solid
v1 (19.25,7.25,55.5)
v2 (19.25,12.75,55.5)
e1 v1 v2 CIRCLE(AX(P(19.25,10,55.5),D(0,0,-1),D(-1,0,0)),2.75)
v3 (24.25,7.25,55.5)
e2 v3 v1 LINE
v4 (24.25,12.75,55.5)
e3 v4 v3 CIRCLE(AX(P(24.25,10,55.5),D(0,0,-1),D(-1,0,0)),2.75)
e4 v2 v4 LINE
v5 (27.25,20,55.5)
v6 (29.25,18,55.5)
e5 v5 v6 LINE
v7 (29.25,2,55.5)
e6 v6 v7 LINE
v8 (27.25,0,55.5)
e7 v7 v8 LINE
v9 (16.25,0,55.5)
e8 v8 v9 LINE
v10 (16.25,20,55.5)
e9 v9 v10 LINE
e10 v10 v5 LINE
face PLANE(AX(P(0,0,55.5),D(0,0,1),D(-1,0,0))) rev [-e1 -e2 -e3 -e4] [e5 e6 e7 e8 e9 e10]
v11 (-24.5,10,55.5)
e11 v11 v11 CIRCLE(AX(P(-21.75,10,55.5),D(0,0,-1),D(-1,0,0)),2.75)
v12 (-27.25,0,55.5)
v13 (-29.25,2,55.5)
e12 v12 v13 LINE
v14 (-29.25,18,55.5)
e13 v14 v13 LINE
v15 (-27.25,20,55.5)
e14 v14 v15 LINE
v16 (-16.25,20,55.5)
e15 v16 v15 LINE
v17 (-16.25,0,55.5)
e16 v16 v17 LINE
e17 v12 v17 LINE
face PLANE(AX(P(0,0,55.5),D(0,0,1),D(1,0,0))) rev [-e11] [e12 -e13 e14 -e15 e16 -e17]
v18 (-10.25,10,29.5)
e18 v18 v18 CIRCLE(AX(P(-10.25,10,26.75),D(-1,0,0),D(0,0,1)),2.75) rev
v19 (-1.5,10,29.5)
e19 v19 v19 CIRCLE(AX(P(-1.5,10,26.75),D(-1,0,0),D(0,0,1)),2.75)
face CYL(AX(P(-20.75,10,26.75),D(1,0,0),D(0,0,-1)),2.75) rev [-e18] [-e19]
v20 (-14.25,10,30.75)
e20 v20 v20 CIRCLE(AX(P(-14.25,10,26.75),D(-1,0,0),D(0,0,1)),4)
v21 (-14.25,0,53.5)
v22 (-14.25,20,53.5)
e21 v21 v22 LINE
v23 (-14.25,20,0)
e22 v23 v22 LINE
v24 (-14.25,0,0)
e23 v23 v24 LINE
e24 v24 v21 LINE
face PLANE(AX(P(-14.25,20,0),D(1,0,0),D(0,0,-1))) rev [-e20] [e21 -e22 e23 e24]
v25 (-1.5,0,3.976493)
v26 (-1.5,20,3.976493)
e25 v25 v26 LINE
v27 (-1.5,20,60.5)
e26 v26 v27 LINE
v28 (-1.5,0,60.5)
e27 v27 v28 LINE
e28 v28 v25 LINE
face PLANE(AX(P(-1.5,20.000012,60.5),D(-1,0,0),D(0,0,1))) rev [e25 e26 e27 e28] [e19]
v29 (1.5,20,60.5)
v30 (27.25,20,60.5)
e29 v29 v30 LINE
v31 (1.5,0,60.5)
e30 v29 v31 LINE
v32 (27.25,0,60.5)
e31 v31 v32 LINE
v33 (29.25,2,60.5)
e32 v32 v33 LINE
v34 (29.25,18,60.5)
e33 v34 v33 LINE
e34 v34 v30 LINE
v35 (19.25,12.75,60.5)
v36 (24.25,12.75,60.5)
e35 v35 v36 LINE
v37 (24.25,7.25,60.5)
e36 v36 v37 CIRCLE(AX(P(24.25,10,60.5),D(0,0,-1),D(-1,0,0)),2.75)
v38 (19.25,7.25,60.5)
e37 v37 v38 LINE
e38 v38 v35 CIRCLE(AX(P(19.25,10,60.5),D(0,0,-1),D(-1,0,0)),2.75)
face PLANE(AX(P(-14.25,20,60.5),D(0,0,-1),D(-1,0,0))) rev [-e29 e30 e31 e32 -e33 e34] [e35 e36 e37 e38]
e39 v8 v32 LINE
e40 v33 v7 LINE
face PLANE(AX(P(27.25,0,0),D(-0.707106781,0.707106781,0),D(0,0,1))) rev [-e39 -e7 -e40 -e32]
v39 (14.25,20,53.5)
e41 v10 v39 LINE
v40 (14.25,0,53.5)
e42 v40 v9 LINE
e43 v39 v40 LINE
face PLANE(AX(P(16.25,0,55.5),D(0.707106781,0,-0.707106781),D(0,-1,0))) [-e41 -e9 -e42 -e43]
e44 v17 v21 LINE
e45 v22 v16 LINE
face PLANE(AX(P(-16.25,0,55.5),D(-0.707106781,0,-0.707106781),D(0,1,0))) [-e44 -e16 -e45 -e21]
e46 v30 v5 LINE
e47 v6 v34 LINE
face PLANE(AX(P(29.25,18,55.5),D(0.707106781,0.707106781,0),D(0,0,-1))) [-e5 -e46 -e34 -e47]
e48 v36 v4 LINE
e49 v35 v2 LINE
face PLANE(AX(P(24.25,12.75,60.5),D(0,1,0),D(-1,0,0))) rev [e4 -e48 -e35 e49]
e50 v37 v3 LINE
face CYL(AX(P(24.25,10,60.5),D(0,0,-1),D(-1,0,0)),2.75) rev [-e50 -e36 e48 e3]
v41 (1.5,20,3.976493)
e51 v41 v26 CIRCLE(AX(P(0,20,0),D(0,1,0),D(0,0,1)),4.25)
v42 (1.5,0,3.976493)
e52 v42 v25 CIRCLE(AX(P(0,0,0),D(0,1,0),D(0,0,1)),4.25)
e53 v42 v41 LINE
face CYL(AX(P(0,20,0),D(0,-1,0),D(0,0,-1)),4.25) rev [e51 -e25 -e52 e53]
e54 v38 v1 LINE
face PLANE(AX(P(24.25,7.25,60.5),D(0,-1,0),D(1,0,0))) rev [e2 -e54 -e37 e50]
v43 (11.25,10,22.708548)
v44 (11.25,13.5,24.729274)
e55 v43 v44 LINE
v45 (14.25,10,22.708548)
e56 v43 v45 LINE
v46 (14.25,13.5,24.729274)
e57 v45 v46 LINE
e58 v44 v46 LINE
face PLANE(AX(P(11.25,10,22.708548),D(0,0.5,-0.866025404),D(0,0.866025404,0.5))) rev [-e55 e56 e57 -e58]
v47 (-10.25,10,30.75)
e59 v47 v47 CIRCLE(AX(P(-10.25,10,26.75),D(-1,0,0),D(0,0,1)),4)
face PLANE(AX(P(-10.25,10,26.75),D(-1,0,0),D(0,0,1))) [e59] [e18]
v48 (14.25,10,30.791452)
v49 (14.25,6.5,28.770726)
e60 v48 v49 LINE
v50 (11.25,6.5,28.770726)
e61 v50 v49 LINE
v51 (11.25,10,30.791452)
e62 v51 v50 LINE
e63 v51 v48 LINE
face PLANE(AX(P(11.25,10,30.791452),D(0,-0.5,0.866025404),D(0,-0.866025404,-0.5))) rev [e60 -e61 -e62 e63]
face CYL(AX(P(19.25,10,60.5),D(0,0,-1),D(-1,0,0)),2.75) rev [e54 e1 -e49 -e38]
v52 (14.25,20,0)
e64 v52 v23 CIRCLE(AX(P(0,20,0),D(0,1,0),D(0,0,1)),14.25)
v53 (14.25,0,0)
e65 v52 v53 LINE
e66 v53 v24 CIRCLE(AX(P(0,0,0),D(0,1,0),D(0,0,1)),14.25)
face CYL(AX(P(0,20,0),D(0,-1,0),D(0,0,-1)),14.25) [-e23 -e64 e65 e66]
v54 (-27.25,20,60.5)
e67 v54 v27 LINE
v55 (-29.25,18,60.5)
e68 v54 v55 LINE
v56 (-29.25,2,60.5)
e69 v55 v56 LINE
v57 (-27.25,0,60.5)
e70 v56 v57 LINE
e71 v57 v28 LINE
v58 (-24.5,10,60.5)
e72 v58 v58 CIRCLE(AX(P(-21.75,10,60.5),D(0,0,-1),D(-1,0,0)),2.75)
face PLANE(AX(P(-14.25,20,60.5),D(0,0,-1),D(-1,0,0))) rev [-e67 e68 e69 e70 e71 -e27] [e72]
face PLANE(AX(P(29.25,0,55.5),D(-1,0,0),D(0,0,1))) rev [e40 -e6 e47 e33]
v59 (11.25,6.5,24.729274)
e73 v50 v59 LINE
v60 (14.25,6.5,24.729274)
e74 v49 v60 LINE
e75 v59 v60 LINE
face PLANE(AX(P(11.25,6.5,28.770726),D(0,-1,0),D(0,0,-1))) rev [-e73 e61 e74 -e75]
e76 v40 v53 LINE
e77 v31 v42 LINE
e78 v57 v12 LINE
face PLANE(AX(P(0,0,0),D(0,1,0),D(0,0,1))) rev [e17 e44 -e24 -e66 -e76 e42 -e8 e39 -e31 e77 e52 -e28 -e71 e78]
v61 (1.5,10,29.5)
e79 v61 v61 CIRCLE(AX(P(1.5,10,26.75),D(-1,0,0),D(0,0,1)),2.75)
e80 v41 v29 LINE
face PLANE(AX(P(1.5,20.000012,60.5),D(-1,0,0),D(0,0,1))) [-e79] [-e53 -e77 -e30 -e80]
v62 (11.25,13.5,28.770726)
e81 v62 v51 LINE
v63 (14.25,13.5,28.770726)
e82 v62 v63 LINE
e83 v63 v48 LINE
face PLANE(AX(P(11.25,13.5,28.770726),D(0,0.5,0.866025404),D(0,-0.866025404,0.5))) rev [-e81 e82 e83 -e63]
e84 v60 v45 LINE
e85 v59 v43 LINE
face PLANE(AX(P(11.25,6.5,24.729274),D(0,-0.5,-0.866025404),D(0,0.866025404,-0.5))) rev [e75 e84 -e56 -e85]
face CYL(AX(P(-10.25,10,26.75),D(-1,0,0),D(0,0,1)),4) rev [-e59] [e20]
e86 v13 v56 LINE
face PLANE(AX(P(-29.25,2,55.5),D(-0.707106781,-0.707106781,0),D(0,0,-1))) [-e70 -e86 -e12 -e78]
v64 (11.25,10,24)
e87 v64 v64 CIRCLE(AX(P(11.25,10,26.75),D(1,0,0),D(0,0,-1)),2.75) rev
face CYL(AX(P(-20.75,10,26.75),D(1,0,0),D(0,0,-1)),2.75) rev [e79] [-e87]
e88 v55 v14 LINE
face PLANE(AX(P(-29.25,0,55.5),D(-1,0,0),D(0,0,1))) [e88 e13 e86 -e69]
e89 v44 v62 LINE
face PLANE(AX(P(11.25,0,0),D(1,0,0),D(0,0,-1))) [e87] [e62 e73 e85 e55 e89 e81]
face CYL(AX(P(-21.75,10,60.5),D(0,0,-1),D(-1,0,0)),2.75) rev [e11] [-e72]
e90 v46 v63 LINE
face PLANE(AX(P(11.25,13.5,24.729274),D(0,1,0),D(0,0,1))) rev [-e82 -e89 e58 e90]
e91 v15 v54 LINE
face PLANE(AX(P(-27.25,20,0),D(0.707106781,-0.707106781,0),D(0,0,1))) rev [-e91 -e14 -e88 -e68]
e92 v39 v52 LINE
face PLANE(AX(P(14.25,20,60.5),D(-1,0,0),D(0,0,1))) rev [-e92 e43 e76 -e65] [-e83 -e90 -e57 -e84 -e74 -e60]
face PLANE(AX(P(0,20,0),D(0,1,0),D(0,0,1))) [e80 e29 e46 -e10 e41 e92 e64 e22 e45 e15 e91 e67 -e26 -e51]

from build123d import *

# Parameters (mm, degrees)
SKETCH1_R                    = 4.25
BOSS_EXTRUDE1_DEPTH          = 20
CUT_EXTRUDE_THIN1_DEPTH      = 66.294046436
CUT_EXTRUDE_THIN1_DEPTH_BACK = 20
SKETCH3_W                    = 3
SKETCH3_H                    = 60.5
SKETCH4_W                    = 27.75
SKETCH4_H                    = 20
BOSS_EXTRUDE2_DEPTH          = 5
SKETCH5_R                    = 2.75
CUT_EXTRUDE1_DEPTH           = 5
CHAMFER1_SIZE                = 2
CHAMFER2_SIZE                = 2
SKETCH6_R                    = 2.75
CUT_EXTRUDE2_DEPTH           = 35
CUT_EXTRUDE3_DEPTH           = 3
SKETCH8_R                    = 4
CUT_EXTRUDE4_DEPTH           = 4


with BuildPart() as part:
    # Sketch1 → Boss-Extrude1 (new body)
    with BuildSketch(Plane(origin=(0, 0, 0), x_dir=(1, 0, 0), z_dir=(0, 1, 0))):
        with BuildLine():
            Line((-14.25, 0), (-14.25, -60.5))
            Line((-14.25, -60.5), (14.25, -60.5))
            Line((14.25, -60.5), (14.25, 0))
            ThreePointArc((14.25, 0), (0, 14.25), (-14.25, 0))
        make_face()
        with Locations(Location((0, 0, 0), (0, 0, 270))):
            Circle(SKETCH1_R, mode=Mode.SUBTRACT)
    extrude(amount=BOSS_EXTRUDE1_DEPTH)

    # Sketch3 → Cut-Extrude-Thin1 (cut, two sides: drawn at the far end of the back side and taken through both)
    with BuildSketch(Plane(origin=(0, 20, 0), x_dir=(1, 0, 0), z_dir=(0, 1, 0)).offset(-CUT_EXTRUDE_THIN1_DEPTH_BACK)):
        with Locations((0, -30.25)):
            Rectangle(SKETCH3_W, SKETCH3_H)
    extrude(amount=CUT_EXTRUDE_THIN1_DEPTH + CUT_EXTRUDE_THIN1_DEPTH_BACK, mode=Mode.SUBTRACT)

    # Sketch4 → Boss-Extrude2 (add)
    with BuildSketch(Plane.XY.offset(60.5)):
        with Locations((-15.375, 10)):
            Rectangle(SKETCH4_W, SKETCH4_H)
    boss_extrude2 = extrude(amount=-BOSS_EXTRUDE2_DEPTH)

    # Mirror1: Boss-Extrude2 across plane
    add(boss_extrude2.mirror(Plane(origin=(0, 0, 0), x_dir=(0, 0, 1), z_dir=(1, 0, 0))))

    # Sketch5 → Cut-Extrude1 (cut)
    with BuildSketch(Plane(origin=(0, 0, 55.5), x_dir=(-1, 0, 0), z_dir=(0, 0, -1))):
        with Locations((21.75, 10)):
            Circle(SKETCH5_R)
        with BuildLine():
            Line((-24.25, 12.75), (-19.25, 12.75))
            ThreePointArc((-19.25, 12.75), (-16.5, 10), (-19.25, 7.25))
            Line((-19.25, 7.25), (-24.25, 7.25))
            ThreePointArc((-24.25, 7.25), (-27, 10), (-24.25, 12.75))
        make_face()
    extrude(amount=-CUT_EXTRUDE1_DEPTH, mode=Mode.SUBTRACT)

    # Chamfer1
    chamfer1_edges = [part.edges().sort_by_distance(p)[0] for p in [
        (-14.25, 10, 55.5),
        (14.25, 10, 55.5),
    ]]
    chamfer(chamfer1_edges, length=CHAMFER1_SIZE)

    # Chamfer2
    chamfer2_edges = [part.edges().sort_by_distance(p)[0] for p in [
        (-29.25, 20, 58),
        (-29.25, 0, 58),
        (29.25, 0, 58),
        (29.25, 20, 58),
    ]]
    chamfer(chamfer2_edges, length=CHAMFER2_SIZE)

    # Sketch6 → Cut-Extrude2 (cut)
    with BuildSketch(Plane(origin=(14.25, 0, 0), x_dir=(0, 0, -1), z_dir=(1, 0, 0))):
        with Locations((-26.75, 10)):
            Circle(SKETCH6_R)
    extrude(amount=-CUT_EXTRUDE2_DEPTH, mode=Mode.SUBTRACT)

    # Sketch7 → Cut-Extrude3 (cut)
    with BuildSketch(Plane(origin=(14.25, 0, 0), x_dir=(0, 0, -1), z_dir=(1, 0, 0))):
        Polygon((-22.708548116, 10), (-24.729274058, 13.5), (-28.770725942, 13.5), (-30.791451884, 10), (-28.770725942, 6.5), (-24.729274058, 6.5), align=None)
    extrude(amount=-CUT_EXTRUDE3_DEPTH, mode=Mode.SUBTRACT)

    # Sketch8 → Cut-Extrude4 (cut)
    with BuildSketch(Plane.ZY.offset(14.25)):
        with Locations((26.75, 10)):
            Circle(SKETCH8_R)
    extrude(amount=-CUT_EXTRUDE4_DEPTH, mode=Mode.SUBTRACT)


solid = part.part
